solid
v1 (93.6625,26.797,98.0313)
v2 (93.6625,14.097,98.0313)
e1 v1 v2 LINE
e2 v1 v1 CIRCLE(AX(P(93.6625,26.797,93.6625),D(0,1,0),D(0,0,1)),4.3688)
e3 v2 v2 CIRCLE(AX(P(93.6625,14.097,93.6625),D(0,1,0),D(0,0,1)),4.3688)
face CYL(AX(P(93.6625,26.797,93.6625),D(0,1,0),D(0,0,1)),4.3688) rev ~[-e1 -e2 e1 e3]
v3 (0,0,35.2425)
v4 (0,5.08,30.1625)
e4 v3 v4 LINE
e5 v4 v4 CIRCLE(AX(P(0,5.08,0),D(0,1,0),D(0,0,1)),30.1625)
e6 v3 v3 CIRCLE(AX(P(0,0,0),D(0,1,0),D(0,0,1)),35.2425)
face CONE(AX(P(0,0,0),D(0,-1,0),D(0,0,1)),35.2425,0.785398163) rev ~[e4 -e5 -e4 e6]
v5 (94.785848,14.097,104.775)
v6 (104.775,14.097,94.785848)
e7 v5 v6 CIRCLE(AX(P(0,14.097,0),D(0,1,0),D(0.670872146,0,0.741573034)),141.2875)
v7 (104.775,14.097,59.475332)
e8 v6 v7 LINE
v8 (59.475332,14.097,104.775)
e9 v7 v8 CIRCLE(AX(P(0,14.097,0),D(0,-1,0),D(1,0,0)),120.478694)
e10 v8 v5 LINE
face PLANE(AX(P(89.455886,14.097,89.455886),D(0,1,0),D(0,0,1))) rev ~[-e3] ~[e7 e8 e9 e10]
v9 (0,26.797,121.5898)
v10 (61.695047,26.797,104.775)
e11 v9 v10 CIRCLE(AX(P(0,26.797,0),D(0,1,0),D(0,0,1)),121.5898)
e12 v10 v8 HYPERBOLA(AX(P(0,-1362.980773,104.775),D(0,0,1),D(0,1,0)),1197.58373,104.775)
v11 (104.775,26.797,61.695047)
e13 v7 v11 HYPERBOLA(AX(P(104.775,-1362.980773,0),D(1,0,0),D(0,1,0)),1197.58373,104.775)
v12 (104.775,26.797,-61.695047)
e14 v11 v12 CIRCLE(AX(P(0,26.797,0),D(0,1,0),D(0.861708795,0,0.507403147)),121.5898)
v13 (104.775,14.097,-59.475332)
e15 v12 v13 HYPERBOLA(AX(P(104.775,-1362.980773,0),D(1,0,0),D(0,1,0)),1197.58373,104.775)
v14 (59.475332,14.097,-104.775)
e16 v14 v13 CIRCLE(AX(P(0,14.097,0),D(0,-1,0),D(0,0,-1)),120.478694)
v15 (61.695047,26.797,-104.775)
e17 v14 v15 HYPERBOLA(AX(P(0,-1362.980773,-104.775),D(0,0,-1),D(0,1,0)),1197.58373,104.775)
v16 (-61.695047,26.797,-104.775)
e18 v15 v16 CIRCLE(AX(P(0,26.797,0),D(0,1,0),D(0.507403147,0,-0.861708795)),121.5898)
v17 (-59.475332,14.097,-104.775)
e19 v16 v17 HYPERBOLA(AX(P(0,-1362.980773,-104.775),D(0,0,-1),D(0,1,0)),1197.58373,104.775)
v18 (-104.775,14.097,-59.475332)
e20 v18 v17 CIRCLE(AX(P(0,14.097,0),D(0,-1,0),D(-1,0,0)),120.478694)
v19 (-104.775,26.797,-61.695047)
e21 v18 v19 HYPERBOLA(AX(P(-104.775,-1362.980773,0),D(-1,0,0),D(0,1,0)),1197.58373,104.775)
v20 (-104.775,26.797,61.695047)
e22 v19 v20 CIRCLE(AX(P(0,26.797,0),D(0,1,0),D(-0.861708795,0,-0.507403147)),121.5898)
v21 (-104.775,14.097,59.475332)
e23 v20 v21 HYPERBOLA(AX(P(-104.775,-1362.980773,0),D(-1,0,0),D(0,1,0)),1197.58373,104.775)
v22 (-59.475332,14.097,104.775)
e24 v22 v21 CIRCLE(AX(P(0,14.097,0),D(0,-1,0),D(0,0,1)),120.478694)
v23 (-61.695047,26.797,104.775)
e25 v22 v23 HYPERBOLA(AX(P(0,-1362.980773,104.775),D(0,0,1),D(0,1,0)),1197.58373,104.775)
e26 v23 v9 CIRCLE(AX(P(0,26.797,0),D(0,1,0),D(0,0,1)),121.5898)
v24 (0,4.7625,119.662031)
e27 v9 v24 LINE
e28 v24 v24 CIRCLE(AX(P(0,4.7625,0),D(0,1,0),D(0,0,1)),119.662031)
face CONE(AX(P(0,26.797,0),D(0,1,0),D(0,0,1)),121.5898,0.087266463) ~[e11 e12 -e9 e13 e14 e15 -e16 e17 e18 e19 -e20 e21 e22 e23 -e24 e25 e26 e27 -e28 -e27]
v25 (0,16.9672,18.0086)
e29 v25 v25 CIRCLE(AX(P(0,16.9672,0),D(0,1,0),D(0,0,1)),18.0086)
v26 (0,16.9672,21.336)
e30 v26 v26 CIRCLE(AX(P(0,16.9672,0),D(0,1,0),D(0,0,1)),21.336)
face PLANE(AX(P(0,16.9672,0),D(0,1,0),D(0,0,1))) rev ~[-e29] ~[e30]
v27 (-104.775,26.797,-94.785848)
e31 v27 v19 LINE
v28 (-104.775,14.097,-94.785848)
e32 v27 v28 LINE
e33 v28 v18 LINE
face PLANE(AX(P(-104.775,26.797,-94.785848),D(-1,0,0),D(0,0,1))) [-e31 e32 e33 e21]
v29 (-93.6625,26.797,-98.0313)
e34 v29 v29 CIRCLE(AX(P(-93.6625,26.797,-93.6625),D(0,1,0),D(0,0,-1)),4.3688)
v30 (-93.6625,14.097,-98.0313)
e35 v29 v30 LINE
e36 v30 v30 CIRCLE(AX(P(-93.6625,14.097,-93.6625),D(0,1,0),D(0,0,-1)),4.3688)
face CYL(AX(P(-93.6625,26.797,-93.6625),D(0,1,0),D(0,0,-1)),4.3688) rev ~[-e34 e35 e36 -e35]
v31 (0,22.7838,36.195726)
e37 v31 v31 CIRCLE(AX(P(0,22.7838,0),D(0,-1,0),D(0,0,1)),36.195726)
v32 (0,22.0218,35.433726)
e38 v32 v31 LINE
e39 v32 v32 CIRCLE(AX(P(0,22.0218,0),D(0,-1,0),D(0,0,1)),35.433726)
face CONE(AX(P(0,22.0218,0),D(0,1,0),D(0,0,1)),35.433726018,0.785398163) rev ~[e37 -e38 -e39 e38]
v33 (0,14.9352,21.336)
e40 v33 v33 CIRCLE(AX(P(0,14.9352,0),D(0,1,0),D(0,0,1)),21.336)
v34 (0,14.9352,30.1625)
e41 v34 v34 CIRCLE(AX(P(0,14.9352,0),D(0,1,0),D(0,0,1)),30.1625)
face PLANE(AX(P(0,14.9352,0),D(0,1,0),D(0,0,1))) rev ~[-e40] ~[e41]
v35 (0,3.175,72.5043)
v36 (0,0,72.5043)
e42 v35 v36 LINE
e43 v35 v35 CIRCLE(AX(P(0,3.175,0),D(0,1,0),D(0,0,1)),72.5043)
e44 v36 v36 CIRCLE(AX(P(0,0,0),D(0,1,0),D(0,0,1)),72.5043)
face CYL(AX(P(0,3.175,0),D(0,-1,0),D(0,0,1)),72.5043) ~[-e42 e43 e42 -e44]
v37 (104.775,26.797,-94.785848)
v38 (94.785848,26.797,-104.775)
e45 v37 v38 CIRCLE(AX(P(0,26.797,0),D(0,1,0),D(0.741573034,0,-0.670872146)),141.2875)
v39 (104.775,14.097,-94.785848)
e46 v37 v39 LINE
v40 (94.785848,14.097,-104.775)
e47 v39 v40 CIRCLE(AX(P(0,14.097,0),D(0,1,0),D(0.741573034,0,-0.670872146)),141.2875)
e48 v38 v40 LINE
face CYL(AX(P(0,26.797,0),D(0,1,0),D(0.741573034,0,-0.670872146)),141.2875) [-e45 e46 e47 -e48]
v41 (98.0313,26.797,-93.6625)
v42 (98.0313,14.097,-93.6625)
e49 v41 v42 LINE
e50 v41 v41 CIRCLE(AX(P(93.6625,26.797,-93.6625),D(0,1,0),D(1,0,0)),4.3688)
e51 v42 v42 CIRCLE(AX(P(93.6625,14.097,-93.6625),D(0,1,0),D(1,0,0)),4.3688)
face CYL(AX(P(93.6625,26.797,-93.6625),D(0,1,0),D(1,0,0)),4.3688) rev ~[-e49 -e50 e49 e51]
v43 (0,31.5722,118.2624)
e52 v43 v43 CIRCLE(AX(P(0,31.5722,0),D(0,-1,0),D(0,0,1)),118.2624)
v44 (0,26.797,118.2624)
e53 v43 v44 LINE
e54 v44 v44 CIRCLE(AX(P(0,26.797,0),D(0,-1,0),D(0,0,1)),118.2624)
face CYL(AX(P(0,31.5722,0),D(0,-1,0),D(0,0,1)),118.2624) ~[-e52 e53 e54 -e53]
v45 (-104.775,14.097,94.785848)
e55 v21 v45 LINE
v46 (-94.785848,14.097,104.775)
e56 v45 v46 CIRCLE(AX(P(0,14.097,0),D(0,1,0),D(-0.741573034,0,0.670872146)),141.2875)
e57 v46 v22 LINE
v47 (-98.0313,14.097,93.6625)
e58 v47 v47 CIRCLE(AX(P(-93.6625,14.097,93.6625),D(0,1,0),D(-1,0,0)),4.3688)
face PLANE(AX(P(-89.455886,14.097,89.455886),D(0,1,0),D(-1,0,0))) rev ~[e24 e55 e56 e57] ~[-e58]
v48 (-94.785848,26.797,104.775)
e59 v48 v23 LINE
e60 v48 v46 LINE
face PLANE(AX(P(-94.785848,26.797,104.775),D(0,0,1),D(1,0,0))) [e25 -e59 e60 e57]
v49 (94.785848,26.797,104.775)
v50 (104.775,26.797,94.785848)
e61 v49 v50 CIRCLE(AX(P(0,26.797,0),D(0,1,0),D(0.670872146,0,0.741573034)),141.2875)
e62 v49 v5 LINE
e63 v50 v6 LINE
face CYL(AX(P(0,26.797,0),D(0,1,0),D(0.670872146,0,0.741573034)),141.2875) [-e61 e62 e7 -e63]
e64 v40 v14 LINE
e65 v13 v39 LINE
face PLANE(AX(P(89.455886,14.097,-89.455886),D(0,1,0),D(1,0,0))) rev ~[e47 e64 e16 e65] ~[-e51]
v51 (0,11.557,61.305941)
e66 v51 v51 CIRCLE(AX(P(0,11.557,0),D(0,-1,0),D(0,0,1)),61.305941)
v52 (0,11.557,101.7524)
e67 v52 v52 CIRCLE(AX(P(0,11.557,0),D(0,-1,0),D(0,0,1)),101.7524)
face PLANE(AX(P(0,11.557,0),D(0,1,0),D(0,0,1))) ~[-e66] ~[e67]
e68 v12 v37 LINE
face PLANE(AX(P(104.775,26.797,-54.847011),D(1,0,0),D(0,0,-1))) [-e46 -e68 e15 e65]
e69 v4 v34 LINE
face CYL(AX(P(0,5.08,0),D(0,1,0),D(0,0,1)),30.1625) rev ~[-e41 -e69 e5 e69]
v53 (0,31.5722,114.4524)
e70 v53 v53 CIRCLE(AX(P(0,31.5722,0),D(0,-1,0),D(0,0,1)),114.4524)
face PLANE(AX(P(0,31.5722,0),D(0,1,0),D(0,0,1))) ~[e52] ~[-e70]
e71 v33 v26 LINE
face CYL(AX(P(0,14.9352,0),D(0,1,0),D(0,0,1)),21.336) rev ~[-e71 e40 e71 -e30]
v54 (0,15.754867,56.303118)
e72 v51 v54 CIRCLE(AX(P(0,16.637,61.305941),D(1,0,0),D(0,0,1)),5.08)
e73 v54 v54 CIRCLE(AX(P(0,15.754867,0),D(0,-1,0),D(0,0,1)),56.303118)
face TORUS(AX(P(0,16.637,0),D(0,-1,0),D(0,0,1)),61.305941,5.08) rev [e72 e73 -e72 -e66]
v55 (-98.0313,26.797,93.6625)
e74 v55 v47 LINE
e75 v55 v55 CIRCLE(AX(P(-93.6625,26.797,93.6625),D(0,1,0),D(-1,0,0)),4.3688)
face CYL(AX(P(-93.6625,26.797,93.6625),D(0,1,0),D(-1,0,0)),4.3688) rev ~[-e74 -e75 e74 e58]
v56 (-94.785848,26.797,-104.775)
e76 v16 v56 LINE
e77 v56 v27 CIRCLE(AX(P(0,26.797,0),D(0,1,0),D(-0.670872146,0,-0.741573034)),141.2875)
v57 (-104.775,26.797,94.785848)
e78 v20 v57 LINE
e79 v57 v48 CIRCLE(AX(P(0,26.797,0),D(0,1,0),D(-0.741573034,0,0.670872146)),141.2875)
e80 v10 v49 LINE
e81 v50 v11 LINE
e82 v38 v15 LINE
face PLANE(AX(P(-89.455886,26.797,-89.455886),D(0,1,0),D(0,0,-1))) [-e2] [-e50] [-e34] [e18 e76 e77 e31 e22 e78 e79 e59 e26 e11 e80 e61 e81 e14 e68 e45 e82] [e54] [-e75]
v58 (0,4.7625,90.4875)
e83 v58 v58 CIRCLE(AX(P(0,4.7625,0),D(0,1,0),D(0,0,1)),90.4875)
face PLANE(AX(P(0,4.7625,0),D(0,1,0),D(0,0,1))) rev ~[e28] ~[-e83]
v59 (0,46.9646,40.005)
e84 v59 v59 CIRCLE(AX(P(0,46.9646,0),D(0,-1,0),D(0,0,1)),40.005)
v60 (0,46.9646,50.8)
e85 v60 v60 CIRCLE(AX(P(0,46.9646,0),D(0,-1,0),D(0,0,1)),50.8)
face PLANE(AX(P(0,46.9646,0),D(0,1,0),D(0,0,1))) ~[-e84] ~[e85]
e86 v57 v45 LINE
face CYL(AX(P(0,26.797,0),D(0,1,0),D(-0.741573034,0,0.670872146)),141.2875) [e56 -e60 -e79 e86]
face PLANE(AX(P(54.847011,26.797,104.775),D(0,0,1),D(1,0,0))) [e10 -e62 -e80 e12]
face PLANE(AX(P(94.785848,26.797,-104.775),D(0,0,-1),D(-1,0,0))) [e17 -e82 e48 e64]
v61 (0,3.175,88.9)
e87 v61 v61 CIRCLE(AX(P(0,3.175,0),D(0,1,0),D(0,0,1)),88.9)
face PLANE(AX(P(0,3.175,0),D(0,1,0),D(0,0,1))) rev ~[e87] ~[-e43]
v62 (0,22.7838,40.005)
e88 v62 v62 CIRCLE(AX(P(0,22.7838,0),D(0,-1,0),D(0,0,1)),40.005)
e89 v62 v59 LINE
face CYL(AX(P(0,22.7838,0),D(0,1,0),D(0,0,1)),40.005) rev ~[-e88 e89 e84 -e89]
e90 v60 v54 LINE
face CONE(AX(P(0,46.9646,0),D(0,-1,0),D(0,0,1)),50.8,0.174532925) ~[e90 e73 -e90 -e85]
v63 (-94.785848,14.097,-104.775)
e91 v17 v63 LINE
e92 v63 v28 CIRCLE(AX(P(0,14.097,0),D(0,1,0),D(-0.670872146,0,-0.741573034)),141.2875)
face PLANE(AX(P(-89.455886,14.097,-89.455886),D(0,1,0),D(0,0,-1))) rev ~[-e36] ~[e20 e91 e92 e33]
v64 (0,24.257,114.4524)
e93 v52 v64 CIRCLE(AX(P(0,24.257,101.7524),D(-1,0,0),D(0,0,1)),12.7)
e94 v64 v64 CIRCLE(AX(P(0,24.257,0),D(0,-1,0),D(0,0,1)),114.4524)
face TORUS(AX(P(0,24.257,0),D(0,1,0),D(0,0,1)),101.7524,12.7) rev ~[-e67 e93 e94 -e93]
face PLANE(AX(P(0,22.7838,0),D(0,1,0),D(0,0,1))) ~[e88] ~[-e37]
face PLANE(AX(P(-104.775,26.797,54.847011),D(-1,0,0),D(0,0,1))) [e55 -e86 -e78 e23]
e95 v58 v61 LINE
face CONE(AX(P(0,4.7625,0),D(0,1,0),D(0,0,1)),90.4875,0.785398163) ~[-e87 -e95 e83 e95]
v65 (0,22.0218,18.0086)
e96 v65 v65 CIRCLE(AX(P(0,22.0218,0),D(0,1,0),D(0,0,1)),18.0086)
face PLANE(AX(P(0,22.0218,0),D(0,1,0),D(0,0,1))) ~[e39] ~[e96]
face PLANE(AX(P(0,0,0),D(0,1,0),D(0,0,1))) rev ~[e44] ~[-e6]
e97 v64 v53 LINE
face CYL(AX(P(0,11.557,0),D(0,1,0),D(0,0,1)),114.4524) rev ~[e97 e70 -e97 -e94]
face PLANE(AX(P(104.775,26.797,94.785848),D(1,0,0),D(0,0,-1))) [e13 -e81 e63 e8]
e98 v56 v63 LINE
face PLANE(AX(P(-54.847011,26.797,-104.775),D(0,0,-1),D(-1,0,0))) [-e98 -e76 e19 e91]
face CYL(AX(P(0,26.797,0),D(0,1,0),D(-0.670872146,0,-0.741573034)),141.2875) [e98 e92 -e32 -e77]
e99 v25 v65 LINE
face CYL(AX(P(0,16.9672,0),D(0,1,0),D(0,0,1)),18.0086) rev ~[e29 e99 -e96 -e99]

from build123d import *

# Parameters (mm, degrees)
F2_R     = 12.7
F3_R     = 5.08
F4_R     = 4.3688
F5_DEPTH = 12.7
F6_COUNT = 4


with BuildPart() as f1:
    # F0 (on Right) → F1 (revolve)
    with BuildSketch(Plane.YZ):
        Polygon((0, 72.5043), (0, 35.2425), (5.08, 30.1625), (14.9352, 30.1625), (14.9352, 21.336), (16.9672, 21.336), (16.9672, 18.0086), (22.0218, 18.0086), (22.0218, 35.4337260178), (22.7838, 36.1957260178), (22.7838, 40.005), (46.9646, 40.005), (46.9646, 50.8), (11.557, 57.0433152021), (11.557, 114.4524), (23.4784016177, 114.4524), (31.5722, 114.4524), (31.5722, 118.2624), (26.797, 118.2624), (26.797, 121.5898), (4.7625, 119.6620310435), (4.7625, 90.4875), (3.175, 88.9), (3.175, 72.5043), align=None)
    revolve(axis=Axis((0, 65.5152718432, 0), (0, 1, 0)))

    # F2
    f2_edges = [f1.edges().sort_by_distance(p)[0] for p in [
        (0, 11.557, -114.4524),
    ]]
    fillet(f2_edges, radius=F2_R)

    # F3
    f3_edges = [f1.edges().sort_by_distance(p)[0] for p in [
        (0, 11.557, -57.043315),
    ]]
    fillet(f3_edges, radius=F3_R)

    # F4 (on face) → F5 (join)
    with BuildSketch(Plane(origin=(0, 26.797, 0), x_dir=(-1, 0, 0), z_dir=(0, 1, 0))):
        with BuildLine():
            Line((104.775, 61.6950471192), (104.775, 94.7858482647))
            ThreePointArc((104.775, 94.7858482647), (99.9053493469, 99.9053493469), (94.7858482647, 104.775))
            Line((94.7858482647, 104.775), (61.6950471192, 104.775))
            ThreePointArc((61.6950471192, 104.775), (85.9769721031, 85.9769721031), (104.775, 61.6950471192))
        make_face()
        with Locations((93.6625, 93.6625)):
            Circle(F4_R, mode=Mode.SUBTRACT)
        with BuildLine():
            Line((104.775, 54.8470111197), (104.775, 61.6950471192))
            ThreePointArc((104.775, 61.6950471192), (85.9769721031, 85.9769721031), (61.6950471192, 104.775))
            Line((61.6950471192, 104.775), (54.8470111197, 104.775))
            ThreePointArc((54.8470111197, 104.775), (83.6241449994, 83.6241449994), (104.775, 54.8470111197))
        make_face()
    extrude(amount=-F5_DEPTH)

    # F6: F1 ×4 about axis
    f6_axis = Axis((0, 16.9672, 0), (0, 1, 0))


with BuildPart() as f1_1:
    add(f1.part)
    for i in range(1, F6_COUNT):
        add(f1.part.rotate(f6_axis, i * 360 / F6_COUNT))


solid = f1_1.part
